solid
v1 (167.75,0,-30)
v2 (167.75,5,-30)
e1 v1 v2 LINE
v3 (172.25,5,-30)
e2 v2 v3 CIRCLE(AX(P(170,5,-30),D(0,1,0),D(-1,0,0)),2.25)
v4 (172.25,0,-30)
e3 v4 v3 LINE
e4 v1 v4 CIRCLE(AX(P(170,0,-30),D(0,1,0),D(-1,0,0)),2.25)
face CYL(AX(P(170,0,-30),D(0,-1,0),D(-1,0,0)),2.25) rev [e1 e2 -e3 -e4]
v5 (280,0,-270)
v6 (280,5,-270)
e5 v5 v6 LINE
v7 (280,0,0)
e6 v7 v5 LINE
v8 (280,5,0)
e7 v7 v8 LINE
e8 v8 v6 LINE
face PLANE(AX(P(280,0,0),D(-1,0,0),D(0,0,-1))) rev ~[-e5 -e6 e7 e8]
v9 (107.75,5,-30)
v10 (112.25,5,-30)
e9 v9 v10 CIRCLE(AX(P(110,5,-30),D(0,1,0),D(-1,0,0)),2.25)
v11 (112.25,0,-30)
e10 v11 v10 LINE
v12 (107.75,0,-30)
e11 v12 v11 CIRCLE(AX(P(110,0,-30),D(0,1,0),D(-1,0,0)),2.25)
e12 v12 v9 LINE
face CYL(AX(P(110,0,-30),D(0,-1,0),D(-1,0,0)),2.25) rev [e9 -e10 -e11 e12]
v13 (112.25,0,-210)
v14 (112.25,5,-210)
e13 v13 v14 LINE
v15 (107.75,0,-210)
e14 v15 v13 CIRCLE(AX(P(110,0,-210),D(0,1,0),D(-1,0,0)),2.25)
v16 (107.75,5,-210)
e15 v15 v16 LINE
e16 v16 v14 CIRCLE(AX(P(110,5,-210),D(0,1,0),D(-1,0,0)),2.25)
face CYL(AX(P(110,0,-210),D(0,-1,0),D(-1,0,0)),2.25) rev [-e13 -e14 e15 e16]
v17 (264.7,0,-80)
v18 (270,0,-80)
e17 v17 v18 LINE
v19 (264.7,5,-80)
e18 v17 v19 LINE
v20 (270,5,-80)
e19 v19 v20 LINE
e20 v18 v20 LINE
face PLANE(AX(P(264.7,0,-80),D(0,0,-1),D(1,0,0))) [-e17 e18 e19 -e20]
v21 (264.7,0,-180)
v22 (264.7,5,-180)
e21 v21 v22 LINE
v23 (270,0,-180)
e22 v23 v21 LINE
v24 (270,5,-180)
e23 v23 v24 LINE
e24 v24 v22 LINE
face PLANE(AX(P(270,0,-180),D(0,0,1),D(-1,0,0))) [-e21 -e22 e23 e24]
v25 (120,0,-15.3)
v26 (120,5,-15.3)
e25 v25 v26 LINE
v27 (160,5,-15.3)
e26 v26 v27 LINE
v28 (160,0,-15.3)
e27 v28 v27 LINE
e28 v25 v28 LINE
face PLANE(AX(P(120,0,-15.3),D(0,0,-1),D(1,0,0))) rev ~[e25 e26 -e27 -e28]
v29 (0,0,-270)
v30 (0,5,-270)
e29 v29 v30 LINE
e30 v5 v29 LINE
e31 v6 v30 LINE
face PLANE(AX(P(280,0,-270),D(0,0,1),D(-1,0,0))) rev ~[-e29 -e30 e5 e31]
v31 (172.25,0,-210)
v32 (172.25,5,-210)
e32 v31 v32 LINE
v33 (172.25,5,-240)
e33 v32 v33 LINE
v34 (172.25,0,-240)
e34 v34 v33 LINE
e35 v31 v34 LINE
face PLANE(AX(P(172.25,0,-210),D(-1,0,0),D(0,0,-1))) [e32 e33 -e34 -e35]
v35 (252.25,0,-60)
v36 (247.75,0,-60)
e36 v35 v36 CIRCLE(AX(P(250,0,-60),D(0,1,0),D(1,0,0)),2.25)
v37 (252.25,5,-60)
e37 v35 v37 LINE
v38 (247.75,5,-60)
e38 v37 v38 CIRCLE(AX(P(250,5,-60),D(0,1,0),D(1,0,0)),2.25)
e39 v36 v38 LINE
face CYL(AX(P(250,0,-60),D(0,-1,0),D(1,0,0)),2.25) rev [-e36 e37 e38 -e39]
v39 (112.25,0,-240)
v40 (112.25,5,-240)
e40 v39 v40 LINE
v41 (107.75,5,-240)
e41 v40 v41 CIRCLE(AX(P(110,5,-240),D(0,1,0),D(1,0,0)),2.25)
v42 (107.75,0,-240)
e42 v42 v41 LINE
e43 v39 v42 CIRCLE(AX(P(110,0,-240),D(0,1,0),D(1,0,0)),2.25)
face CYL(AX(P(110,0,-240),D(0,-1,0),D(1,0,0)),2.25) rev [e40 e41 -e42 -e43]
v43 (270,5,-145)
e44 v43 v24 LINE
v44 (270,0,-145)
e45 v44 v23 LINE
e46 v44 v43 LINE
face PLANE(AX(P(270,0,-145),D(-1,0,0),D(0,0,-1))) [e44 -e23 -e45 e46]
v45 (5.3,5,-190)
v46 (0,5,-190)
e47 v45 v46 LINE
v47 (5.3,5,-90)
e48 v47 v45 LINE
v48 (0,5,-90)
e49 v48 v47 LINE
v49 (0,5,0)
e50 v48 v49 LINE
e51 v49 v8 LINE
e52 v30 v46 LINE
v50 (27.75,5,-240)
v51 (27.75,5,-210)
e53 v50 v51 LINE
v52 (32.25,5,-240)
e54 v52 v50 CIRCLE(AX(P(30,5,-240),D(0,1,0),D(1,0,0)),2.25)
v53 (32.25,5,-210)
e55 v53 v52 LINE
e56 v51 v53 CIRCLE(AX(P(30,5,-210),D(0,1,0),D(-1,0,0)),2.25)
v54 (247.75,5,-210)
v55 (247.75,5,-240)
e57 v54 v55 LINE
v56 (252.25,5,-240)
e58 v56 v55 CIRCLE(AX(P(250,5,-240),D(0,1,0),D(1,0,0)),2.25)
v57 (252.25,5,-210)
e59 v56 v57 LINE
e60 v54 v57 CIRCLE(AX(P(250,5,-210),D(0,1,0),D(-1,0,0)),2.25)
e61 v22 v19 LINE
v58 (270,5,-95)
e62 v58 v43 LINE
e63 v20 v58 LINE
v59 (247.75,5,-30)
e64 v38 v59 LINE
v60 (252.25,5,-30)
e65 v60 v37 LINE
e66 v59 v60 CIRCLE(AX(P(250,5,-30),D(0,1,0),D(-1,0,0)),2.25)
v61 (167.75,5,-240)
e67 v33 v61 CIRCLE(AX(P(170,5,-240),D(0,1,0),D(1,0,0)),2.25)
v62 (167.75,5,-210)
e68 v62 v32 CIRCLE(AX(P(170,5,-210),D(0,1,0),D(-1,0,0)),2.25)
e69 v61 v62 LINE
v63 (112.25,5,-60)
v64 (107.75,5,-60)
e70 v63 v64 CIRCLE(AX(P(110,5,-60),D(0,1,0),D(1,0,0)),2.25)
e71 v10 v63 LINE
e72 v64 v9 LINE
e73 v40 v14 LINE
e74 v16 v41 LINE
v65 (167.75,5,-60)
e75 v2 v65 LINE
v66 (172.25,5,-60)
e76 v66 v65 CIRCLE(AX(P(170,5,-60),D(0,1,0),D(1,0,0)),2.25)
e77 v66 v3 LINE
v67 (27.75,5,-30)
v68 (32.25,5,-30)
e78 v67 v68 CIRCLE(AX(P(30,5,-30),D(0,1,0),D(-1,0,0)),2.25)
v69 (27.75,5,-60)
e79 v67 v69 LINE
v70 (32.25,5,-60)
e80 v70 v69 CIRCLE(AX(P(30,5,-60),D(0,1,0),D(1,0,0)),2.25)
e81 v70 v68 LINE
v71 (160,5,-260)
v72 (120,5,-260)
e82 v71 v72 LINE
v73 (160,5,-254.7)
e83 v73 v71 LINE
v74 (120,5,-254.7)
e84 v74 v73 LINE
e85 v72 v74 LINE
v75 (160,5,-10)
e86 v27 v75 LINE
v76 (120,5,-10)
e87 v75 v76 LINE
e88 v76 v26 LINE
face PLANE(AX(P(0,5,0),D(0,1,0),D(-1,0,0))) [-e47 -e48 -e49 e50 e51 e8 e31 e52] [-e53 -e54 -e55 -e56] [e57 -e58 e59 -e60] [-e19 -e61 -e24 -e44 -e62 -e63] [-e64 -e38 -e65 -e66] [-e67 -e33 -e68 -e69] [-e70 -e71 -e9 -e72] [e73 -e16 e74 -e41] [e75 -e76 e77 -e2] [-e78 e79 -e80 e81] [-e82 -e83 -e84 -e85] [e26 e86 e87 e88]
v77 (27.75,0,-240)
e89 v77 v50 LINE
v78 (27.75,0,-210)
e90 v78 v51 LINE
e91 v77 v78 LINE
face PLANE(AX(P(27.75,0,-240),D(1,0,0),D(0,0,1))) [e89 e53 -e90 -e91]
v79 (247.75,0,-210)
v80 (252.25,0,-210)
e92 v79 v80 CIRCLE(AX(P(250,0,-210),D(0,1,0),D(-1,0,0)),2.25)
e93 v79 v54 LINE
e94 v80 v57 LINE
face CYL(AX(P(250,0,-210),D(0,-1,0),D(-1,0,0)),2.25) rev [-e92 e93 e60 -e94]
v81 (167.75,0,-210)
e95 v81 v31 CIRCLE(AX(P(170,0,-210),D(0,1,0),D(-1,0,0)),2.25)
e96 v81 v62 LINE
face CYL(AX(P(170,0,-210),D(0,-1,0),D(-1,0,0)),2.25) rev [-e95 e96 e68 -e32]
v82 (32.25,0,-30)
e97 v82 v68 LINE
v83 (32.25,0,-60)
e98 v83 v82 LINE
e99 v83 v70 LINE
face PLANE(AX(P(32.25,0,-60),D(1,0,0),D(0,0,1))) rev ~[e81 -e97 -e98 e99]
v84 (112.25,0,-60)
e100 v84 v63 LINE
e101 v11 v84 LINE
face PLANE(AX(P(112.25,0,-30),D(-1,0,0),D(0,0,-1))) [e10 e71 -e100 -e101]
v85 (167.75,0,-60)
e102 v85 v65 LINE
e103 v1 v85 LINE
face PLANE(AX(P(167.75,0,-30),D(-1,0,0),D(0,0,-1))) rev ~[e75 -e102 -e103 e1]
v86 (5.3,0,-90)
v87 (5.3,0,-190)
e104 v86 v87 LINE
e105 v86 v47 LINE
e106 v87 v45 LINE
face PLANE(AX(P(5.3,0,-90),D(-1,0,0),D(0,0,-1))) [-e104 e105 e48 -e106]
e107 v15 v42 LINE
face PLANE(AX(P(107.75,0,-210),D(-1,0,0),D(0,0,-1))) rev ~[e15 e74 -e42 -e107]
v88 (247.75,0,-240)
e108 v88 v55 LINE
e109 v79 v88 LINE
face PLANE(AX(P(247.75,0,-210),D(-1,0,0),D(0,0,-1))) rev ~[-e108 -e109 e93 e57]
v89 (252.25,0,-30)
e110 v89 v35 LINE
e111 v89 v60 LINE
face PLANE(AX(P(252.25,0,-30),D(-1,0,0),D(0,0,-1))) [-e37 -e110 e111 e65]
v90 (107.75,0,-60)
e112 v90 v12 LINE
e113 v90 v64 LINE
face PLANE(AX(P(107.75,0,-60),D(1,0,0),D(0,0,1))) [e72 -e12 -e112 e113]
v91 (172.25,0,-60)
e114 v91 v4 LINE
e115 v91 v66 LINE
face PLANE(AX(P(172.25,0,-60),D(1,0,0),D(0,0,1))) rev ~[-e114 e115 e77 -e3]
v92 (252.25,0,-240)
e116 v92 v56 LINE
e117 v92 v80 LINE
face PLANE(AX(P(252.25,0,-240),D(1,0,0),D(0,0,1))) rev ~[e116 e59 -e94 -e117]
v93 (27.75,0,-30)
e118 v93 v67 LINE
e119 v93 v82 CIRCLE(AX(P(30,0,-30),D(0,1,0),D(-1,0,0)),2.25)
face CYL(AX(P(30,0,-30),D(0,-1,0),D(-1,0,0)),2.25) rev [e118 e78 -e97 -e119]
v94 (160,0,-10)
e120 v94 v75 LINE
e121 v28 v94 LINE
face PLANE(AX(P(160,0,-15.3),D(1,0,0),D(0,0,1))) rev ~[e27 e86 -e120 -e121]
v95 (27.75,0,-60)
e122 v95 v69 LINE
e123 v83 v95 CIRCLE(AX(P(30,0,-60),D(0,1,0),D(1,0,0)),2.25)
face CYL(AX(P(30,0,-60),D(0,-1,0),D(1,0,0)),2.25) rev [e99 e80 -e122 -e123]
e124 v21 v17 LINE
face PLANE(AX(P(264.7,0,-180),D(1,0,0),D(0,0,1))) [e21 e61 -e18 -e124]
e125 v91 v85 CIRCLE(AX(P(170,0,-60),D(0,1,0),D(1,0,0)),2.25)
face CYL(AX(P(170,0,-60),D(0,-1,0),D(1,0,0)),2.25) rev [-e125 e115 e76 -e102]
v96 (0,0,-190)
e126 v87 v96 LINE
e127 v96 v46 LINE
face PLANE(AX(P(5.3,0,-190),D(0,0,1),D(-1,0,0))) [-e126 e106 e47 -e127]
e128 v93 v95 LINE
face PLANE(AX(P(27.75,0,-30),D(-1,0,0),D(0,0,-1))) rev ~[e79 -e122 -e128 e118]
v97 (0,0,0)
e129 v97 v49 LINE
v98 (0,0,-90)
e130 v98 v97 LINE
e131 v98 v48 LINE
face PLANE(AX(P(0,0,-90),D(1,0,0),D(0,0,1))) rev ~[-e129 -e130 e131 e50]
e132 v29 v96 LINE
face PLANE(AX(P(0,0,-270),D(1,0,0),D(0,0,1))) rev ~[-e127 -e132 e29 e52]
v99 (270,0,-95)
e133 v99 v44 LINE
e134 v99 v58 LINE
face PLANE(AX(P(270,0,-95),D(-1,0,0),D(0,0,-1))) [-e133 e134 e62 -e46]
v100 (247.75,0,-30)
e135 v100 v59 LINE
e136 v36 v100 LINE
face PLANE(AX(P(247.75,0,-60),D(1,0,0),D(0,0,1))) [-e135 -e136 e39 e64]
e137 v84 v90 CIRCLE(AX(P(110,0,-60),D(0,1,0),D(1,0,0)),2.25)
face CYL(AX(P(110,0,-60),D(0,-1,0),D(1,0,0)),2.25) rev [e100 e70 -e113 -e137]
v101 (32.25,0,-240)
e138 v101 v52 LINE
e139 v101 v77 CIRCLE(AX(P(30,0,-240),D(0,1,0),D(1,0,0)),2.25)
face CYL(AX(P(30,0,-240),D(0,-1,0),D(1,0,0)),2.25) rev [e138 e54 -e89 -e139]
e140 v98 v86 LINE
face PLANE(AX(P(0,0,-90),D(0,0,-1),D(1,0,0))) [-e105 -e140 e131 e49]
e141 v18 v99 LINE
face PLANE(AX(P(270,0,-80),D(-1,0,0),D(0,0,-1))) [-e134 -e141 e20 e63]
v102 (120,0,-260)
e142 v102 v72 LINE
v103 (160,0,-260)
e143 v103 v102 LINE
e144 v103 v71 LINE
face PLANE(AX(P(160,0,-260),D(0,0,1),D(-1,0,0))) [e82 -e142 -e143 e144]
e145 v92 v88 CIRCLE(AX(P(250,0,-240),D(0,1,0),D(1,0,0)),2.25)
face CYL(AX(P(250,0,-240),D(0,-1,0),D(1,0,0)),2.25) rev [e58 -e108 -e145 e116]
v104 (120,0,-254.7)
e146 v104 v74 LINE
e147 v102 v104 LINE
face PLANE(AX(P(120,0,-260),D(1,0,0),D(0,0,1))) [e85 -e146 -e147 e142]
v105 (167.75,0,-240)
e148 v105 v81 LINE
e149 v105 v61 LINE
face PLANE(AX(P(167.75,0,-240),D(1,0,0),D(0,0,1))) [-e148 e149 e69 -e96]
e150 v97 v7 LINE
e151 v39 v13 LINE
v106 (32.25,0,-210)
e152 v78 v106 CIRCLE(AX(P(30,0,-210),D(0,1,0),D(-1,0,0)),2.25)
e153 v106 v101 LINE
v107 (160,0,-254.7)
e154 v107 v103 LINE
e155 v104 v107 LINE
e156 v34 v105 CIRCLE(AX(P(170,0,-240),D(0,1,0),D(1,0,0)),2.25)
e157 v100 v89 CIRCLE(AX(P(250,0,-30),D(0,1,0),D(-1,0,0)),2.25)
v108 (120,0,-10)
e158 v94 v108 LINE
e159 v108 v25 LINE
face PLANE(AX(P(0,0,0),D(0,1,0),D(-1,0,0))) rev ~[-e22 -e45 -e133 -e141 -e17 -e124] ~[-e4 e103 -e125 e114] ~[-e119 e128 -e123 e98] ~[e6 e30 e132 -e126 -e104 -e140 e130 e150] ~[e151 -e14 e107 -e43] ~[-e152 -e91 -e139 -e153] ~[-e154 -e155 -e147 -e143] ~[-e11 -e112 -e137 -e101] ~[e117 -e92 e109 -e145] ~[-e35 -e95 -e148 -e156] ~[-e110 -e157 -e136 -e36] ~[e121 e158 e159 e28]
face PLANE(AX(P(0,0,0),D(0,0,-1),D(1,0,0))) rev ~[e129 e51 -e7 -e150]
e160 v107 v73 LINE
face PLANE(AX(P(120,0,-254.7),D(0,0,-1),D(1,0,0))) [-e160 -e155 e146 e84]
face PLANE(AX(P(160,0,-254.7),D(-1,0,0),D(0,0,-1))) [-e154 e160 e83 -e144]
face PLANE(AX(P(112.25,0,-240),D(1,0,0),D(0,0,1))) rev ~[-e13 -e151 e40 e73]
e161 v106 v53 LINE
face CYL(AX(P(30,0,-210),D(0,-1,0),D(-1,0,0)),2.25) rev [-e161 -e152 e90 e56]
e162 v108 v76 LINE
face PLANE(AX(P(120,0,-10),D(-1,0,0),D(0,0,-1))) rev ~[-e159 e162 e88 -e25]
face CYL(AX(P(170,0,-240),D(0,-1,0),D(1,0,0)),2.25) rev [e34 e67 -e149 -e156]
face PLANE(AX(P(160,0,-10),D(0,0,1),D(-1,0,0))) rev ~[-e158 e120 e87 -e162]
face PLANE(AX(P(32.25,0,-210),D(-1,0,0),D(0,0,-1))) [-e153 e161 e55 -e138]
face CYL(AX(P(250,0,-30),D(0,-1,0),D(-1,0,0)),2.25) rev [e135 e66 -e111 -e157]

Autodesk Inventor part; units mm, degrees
ref_plane "YZ Plane" through (0, 0, 0) normal (1, 0, 0) x (0, 1, 0)
ref_plane "XZ Plane" through (0, 0, 0) normal (0, 1, 0) x (-1, 0, 0)
ref_plane "XY Plane" through (0, 0, 0) normal (0, 0, 1) x (1, 0, 0)
sketch "Sketch1" plane through (0, 0, 0) normal (0, 1, 0) x (-1, 0, 0)
  line L0 (0, 0) -> (-280, 0)
  line L1 (-280, 0) -> (-280, -270)
  line L2 (-280, -270) -> (0, -270)
  line L3 (0, -270) -> (0, 0)
  line L4 (0, -135) -> (-280, -135) construction
  line L5 (-140, 0) -> (-140, -270) construction
  line L6 (-70, 0) -> (-70, -270) construction
  line L7 (-210, 0) -> (-210, -270) construction
  line L8 (-30, -240) -> (-30, -210) construction
  line L9 (-30, -240) -> (-30, -210) construction
  line L10 (-27.75, -240) -> (-27.75, -210)
  line L11 (-32.25, -210) -> (-32.25, -240)
  arc A0 (-32.25, -240) -> (-27.75, -240) centre (-30, -240) ccw
  arc A1 (-27.75, -210) -> (-32.25, -210) centre (-30, -210) ccw
  line L12 (-110, -240) -> (-110, -210) construction
  line L13 (-110, -240) -> (-110, -210) construction
  line L14 (-112.25, -240) -> (-112.25, -210)
  line L15 (-107.75, -210) -> (-107.75, -240)
  arc A2 (-112.25, -240) -> (-107.75, -240) centre (-110, -240) ccw
  arc A3 (-107.75, -210) -> (-112.25, -210) centre (-110, -210) ccw
  line L16 (-160, -260) -> (-120, -260)
  line L17 (-120, -260) -> (-120, -254.7)
  line L18 (-120, -254.7) -> (-160, -254.7)
  line L19 (-160, -254.7) -> (-160, -260)
  line L20 (-250, -240) -> (-250, -210) construction
  line L21 (-250, -240) -> (-250, -210) construction
  line L22 (-252.25, -240) -> (-252.25, -210)
  line L23 (-247.75, -210) -> (-247.75, -240)
  arc A4 (-252.25, -240) -> (-247.75, -240) centre (-250, -240) ccw
  arc A5 (-247.75, -210) -> (-252.25, -210) centre (-250, -210) ccw
  line L24 (-172.25, -210) -> (-172.25, -240)
  line L25 (-170, -240) -> (-170, -210) construction
  line L26 (-167.75, -240) -> (-167.75, -210)
  arc A6 (-172.25, -240) -> (-167.75, -240) centre (-170, -240) ccw
  line L27 (-170, -240) -> (-170, -210) construction
  arc A7 (-167.75, -210) -> (-172.25, -210) centre (-170, -210) ccw
  line L28 (-140, -270) -> (-140, 0) construction
  line L29 (-30, -30) -> (-30, -60) construction
  line L30 (-30, -30) -> (-30, -60) construction
  line L31 (-27.75, -30) -> (-27.75, -60)
  line L32 (-32.25, -60) -> (-32.25, -30)
  arc A8 (-27.75, -30) -> (-32.25, -30) centre (-30, -30) ccw
  arc A9 (-32.25, -60) -> (-27.75, -60) centre (-30, -60) ccw
  line L33 (-107.75, -60) -> (-107.75, -30)
  line L34 (-110, -30) -> (-110, -60) construction
  line L35 (-112.25, -30) -> (-112.25, -60)
  arc A10 (-107.75, -30) -> (-112.25, -30) centre (-110, -30) ccw
  line L36 (-110, -30) -> (-110, -60) construction
  arc A11 (-112.25, -60) -> (-107.75, -60) centre (-110, -60) ccw
  line L37 (-160, -10) -> (-120, -10)
  line L38 (-120, -10) -> (-120, -15.3)
  line L39 (-120, -15.3) -> (-160, -15.3)
  line L40 (-160, -15.3) -> (-160, -10)
  arc A12 (-247.75, -30) -> (-252.25, -30) centre (-250, -30) ccw
  line L41 (-247.75, -60) -> (-247.75, -30)
  line L42 (-250, -30) -> (-250, -60) construction
  line L43 (-250, -30) -> (-250, -60) construction
  arc A13 (-252.25, -60) -> (-247.75, -60) centre (-250, -60) ccw
  line L44 (-252.25, -30) -> (-252.25, -60)
  line L45 (-172.25, -60) -> (-172.25, -30)
  line L46 (-170, -30) -> (-170, -60) construction
  line L47 (-170, -30) -> (-170, -60) construction
  arc A14 (-172.25, -60) -> (-167.75, -60) centre (-170, -60) ccw
  line L48 (-167.75, -30) -> (-167.75, -60)
  arc A15 (-167.75, -30) -> (-172.25, -30) centre (-170, -30) ccw
  line L49 (-270, -95) -> (-270, -145)
  line L50 (-270, -145) -> (-270, -180)
  line L51 (-270, -180) -> (-264.7, -180)
  line L52 (-264.7, -180) -> (-264.7, -80)
  line L53 (-264.7, -80) -> (-270, -80)
  line L54 (-270, -80) -> (-270, -95)
  line L55 (0, -90) -> (-5.3, -90)
  line L56 (-5.3, -90) -> (-5.3, -190)
  line L57 (-5.3, -190) -> (0, -190)
  line L58 (0, -190) -> (0, -90)
  point P0 (-30, -225)
  point P1 (-110, -225)
  point P2 (-250, -225)
  point P3 (-170, -225)
  point P4 (-30, -45)
  point P5 (-110, -45)
  point P6 (-250, -45)
  point P7 (-170, -45)
  point P8 (0, -190)
  dimension "d0" = 280
  dimension "d1" = 270
  dimension "d2" = 30
  dimension "d3" = 40
  dimension "d4" = 30
  dimension "d6" = 2.25
  dimension "d9" = 40
  dimension "d13" = 10
  dimension "d14" = 5.3
  dimension "d16" = 20
  dimension "d20" = 10
  dimension "d21" = 5.3
  dimension "d22" = 5.3
extrude "Extrusion1" add sketch "Sketch1" along normal blind 5 contours L3 L55 L56 L57 L2 L1 L0
properties part number "base_2"
